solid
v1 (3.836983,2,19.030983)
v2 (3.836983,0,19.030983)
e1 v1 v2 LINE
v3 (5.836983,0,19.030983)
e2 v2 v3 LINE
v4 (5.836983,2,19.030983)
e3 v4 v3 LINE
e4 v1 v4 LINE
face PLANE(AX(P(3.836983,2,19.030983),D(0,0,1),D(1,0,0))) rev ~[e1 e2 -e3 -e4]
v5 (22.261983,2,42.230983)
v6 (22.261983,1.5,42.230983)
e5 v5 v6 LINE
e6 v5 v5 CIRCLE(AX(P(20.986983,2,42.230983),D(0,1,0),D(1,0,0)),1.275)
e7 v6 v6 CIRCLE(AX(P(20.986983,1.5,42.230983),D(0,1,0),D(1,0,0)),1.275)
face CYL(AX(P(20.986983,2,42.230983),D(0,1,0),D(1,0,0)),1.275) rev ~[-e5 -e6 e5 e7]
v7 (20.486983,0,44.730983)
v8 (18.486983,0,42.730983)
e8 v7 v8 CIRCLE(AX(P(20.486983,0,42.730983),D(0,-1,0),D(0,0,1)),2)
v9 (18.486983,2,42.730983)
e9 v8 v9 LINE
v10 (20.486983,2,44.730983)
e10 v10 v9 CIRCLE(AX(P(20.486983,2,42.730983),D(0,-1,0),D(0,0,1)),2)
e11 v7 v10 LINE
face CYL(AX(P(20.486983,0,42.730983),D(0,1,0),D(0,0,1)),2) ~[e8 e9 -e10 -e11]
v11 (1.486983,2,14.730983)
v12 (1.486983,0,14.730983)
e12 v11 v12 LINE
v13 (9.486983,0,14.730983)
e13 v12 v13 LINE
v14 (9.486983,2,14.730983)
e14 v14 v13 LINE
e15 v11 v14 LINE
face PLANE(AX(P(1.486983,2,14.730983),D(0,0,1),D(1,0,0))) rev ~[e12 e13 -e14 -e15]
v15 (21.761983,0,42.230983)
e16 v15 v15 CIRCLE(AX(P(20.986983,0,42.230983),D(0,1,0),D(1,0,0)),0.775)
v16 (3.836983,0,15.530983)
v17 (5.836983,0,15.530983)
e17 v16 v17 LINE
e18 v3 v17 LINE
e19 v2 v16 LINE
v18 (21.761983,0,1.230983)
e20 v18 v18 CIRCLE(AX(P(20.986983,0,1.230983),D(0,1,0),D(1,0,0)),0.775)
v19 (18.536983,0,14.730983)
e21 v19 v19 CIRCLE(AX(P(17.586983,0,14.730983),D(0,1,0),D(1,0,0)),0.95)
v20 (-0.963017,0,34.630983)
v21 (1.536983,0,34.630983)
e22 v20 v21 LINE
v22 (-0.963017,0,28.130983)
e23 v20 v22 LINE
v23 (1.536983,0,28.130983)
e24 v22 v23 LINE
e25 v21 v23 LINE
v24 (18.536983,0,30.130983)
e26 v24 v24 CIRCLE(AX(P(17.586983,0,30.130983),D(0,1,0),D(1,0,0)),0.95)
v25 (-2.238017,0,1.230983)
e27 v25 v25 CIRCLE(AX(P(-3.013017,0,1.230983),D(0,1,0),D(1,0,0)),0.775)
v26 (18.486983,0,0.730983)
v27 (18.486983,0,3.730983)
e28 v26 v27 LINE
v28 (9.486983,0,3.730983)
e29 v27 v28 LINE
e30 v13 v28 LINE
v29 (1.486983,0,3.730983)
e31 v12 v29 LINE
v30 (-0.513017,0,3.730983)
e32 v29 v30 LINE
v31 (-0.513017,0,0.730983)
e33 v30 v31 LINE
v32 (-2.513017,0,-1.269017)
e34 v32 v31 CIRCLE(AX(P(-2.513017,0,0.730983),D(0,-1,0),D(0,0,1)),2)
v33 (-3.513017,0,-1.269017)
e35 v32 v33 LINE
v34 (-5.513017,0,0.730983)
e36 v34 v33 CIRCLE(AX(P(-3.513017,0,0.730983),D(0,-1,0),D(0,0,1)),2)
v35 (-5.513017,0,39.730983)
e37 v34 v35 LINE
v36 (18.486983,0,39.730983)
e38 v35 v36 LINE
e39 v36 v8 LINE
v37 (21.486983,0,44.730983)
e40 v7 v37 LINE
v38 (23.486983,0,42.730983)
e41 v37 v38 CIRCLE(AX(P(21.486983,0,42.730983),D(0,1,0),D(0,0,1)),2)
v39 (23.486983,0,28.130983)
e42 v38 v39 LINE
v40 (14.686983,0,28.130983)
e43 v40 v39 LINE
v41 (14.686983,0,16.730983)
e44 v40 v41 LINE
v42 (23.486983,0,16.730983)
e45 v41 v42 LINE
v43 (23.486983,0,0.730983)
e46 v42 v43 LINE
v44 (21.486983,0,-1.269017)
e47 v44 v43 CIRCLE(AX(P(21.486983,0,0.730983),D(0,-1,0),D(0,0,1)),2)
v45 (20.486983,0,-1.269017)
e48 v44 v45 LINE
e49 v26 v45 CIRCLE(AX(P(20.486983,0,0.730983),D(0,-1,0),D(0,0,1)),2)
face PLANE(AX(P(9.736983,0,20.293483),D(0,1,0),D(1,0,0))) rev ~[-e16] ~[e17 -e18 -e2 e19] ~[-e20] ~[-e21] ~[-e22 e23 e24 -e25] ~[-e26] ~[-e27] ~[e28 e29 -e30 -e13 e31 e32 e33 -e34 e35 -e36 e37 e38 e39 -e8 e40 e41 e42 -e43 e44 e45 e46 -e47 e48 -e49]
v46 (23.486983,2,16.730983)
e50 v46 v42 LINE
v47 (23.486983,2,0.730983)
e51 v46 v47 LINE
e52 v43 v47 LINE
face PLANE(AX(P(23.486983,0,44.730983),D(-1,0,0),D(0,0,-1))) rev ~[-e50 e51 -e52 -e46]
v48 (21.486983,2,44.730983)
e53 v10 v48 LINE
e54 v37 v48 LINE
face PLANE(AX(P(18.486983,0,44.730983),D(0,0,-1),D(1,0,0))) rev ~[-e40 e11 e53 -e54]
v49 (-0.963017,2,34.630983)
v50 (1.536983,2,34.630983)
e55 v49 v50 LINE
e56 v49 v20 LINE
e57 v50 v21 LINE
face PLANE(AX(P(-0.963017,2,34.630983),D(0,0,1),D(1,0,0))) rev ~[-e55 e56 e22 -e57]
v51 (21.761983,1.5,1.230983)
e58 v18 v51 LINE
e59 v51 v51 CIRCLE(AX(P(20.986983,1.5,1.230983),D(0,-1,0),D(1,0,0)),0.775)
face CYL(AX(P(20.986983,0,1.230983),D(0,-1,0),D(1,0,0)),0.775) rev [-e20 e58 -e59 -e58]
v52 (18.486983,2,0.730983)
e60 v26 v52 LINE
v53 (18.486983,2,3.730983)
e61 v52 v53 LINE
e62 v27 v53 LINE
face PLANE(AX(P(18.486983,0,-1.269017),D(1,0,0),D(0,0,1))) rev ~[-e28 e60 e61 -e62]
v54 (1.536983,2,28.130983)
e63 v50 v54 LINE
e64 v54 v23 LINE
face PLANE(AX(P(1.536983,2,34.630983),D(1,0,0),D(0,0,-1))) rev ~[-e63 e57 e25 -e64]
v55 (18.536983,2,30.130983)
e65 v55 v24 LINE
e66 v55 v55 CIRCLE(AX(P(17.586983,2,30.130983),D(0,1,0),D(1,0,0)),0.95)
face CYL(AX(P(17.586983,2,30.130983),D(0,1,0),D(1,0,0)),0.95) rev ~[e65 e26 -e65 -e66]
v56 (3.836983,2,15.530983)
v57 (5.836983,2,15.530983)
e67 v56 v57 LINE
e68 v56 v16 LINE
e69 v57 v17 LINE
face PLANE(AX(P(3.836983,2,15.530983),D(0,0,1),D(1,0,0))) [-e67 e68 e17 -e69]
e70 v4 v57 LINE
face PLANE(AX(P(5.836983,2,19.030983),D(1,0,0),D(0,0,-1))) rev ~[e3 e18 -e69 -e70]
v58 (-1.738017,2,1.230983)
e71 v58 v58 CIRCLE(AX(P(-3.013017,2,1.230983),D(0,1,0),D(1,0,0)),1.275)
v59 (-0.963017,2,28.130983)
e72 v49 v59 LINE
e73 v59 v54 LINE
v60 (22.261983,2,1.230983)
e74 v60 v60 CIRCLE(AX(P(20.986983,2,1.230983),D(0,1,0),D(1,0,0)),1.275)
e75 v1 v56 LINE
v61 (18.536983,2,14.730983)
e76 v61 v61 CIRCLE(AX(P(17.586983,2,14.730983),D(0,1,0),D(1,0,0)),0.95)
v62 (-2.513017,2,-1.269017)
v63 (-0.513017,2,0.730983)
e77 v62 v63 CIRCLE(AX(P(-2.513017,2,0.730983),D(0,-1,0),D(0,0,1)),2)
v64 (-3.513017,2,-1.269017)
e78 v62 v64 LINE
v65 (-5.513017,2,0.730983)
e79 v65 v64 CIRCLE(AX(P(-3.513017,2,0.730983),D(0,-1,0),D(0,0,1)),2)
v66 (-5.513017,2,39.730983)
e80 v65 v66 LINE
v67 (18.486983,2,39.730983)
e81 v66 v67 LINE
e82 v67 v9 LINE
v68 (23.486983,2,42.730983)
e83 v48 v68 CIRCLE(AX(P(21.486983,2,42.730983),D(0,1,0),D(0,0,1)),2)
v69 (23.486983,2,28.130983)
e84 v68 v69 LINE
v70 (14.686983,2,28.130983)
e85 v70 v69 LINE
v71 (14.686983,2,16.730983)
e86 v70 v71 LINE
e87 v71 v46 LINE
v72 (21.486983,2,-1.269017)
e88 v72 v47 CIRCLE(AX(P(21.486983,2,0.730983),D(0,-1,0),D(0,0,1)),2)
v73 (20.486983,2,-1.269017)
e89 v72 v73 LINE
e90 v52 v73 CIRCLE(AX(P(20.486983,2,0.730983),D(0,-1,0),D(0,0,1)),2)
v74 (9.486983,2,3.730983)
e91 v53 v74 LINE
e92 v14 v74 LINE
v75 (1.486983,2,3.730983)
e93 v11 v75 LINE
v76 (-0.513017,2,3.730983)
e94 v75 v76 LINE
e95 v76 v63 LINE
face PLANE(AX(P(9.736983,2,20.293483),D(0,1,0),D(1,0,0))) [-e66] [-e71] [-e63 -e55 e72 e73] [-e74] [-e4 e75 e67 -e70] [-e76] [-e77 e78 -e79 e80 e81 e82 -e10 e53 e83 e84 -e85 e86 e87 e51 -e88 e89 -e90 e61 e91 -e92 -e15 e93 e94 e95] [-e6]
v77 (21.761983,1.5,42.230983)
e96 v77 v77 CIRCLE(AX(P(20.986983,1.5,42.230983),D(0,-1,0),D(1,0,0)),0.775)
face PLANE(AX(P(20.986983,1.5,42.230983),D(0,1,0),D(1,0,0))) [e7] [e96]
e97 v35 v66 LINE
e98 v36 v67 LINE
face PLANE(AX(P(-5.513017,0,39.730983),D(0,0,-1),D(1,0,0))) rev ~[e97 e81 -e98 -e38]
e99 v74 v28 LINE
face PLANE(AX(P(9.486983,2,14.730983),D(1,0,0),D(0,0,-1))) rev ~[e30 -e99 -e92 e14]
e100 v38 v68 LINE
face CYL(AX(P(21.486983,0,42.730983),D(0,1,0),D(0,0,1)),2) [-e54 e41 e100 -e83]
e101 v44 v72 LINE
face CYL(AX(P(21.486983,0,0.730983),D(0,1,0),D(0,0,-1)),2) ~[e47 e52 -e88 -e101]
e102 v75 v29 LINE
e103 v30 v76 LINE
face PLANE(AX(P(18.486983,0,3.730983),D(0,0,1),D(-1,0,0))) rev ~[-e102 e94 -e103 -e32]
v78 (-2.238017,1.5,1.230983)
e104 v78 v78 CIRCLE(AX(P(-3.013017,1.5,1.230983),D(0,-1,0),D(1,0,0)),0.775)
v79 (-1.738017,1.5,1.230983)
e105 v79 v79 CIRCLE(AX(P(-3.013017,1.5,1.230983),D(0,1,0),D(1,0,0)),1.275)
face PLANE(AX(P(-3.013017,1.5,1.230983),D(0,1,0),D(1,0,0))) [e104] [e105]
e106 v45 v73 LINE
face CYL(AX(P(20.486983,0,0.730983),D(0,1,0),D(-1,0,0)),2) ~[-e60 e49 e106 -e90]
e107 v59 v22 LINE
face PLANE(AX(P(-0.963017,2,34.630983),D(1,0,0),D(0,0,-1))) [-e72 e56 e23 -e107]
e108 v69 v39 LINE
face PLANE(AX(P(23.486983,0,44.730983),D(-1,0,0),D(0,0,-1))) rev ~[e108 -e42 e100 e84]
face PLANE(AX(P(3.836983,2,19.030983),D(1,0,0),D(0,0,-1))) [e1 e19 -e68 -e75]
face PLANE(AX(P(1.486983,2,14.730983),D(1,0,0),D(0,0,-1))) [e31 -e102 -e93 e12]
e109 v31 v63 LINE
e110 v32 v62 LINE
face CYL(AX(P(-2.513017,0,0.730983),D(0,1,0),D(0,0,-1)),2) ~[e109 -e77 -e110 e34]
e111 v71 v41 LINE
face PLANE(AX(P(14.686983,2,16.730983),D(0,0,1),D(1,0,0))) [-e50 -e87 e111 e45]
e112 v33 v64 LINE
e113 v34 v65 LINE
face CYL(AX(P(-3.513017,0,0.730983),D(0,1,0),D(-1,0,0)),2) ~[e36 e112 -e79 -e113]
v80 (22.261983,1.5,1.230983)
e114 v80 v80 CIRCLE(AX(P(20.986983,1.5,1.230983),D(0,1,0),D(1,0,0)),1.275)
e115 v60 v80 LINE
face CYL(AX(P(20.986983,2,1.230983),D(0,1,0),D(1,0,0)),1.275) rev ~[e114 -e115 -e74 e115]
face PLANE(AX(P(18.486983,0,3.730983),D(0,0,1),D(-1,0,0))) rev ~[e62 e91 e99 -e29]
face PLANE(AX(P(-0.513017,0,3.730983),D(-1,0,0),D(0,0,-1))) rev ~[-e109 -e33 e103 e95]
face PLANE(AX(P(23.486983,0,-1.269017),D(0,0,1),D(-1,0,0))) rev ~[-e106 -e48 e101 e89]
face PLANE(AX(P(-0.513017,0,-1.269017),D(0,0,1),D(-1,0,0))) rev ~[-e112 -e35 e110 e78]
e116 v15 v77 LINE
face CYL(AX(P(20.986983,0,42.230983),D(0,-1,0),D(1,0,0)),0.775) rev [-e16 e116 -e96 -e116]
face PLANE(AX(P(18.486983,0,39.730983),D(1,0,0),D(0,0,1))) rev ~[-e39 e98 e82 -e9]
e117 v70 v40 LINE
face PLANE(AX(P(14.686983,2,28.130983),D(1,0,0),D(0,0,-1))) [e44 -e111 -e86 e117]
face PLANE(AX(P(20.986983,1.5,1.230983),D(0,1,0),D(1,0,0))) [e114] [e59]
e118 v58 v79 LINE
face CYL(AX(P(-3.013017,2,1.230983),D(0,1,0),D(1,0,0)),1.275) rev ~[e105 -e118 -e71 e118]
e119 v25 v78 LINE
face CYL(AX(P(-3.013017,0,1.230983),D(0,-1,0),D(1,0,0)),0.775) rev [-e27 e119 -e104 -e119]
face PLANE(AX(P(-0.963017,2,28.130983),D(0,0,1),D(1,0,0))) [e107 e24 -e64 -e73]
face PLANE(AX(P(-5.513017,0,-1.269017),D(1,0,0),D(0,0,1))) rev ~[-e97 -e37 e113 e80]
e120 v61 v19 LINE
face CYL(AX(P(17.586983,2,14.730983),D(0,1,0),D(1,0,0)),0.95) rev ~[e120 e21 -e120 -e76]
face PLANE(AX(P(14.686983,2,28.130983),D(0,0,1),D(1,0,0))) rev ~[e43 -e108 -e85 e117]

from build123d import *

# Parameters (mm, degrees)
SKETCH1_R           = 0.775
BOSS_EXTRUDE1_DEPTH = 2
SKETCH2_R           = 0.95
SKETCH2_W           = 8
SKETCH2_H           = 11
SKETCH2_W_2         = 8.8
SKETCH2_H_2         = 11.4
SKETCH2_W_3         = 2
SKETCH2_H_3         = 3.5
SKETCH2_W_4         = 2.5
SKETCH2_H_4         = 6.5
CUT_EXTRUDE1_DEPTH  = 3
FILLET1_R           = 2
SKETCH3_R           = 1.275
CUT_EXTRUDE2_DEPTH  = 0.5


with BuildPart() as part:
    # Sketch1 → Boss-Extrude1 (new body)
    with BuildSketch(Plane(origin=(0, 0, 0), x_dir=(1, 0, 0), z_dir=(0, 1, 0))):
        Polygon((18.486983138, -44.730983302), (23.486983138, -44.730983302), (23.486983138, 1.269016698), (18.486983138, 1.269016698), (18.486983138, -3.730983302), (-0.513016862, -3.730983302), (-0.513016862, 1.269016698), (-5.513016862, 1.269016698), (-5.513016862, -39.730983302), (-0.513016862, -39.730983302), (18.486983138, -39.730983302), align=None)
        with Locations((-3.013016862, -1.230983302)):
            Circle(SKETCH1_R, mode=Mode.SUBTRACT)
        with Locations((20.986983138, -1.230983302)):
            Circle(SKETCH1_R, mode=Mode.SUBTRACT)
        with Locations((20.986983138, -42.230983302)):
            Circle(SKETCH1_R, mode=Mode.SUBTRACT)
    extrude(amount=BOSS_EXTRUDE1_DEPTH)

    # Sketch2 → Cut-Extrude1 (cut, through all)
    with BuildSketch(Plane(origin=(0, 2, 0), x_dir=(1, 0, 0), z_dir=(0, 1, 0))):
        with Locations((17.586983138, -14.730983302)):
            Circle(SKETCH2_R)
        with Locations((17.586983138, -30.130983302)):
            Circle(SKETCH2_R)
        with Locations((5.486983138, -9.230983302)):
            Rectangle(SKETCH2_W, SKETCH2_H)
        with Locations((19.086983138, -22.430983302)):
            Rectangle(SKETCH2_W_2, SKETCH2_H_2)
        with Locations((4.836983138, -17.280983302)):
            Rectangle(SKETCH2_W_3, SKETCH2_H_3)
        with Locations((0.286983138, -31.380983302)):
            Rectangle(SKETCH2_W_4, SKETCH2_H_4)
    extrude(amount=-CUT_EXTRUDE1_DEPTH, mode=Mode.SUBTRACT)

    # Fillet1
    fillet1_edges = [part.edges().sort_by_distance(p)[0] for p in [
        (-5.513016862, 1, -1.269016698),
        (-0.513016862, 1, -1.269016698),
        (18.486983138, 1, -1.269016698),
        (23.486983138, 1, -1.269016698),
        (23.486983138, 1, 44.730983302),
        (18.486983138, 1, 44.730983302),
    ]]
    fillet(fillet1_edges, radius=FILLET1_R)

    # Sketch3 → Cut-Extrude2 (cut)
    with BuildSketch(Plane(origin=(0, 2, 0), x_dir=(1, 0, 0), z_dir=(0, 1, 0))):
        with Locations((-3.013016862, -1.230983302)):
            Circle(SKETCH3_R)
        with Locations((20.986983138, -1.230983302)):
            Circle(SKETCH3_R)
        with Locations((20.986983138, -42.230983302)):
            Circle(SKETCH3_R)
    extrude(amount=-CUT_EXTRUDE2_DEPTH, mode=Mode.SUBTRACT)


solid = part.part
